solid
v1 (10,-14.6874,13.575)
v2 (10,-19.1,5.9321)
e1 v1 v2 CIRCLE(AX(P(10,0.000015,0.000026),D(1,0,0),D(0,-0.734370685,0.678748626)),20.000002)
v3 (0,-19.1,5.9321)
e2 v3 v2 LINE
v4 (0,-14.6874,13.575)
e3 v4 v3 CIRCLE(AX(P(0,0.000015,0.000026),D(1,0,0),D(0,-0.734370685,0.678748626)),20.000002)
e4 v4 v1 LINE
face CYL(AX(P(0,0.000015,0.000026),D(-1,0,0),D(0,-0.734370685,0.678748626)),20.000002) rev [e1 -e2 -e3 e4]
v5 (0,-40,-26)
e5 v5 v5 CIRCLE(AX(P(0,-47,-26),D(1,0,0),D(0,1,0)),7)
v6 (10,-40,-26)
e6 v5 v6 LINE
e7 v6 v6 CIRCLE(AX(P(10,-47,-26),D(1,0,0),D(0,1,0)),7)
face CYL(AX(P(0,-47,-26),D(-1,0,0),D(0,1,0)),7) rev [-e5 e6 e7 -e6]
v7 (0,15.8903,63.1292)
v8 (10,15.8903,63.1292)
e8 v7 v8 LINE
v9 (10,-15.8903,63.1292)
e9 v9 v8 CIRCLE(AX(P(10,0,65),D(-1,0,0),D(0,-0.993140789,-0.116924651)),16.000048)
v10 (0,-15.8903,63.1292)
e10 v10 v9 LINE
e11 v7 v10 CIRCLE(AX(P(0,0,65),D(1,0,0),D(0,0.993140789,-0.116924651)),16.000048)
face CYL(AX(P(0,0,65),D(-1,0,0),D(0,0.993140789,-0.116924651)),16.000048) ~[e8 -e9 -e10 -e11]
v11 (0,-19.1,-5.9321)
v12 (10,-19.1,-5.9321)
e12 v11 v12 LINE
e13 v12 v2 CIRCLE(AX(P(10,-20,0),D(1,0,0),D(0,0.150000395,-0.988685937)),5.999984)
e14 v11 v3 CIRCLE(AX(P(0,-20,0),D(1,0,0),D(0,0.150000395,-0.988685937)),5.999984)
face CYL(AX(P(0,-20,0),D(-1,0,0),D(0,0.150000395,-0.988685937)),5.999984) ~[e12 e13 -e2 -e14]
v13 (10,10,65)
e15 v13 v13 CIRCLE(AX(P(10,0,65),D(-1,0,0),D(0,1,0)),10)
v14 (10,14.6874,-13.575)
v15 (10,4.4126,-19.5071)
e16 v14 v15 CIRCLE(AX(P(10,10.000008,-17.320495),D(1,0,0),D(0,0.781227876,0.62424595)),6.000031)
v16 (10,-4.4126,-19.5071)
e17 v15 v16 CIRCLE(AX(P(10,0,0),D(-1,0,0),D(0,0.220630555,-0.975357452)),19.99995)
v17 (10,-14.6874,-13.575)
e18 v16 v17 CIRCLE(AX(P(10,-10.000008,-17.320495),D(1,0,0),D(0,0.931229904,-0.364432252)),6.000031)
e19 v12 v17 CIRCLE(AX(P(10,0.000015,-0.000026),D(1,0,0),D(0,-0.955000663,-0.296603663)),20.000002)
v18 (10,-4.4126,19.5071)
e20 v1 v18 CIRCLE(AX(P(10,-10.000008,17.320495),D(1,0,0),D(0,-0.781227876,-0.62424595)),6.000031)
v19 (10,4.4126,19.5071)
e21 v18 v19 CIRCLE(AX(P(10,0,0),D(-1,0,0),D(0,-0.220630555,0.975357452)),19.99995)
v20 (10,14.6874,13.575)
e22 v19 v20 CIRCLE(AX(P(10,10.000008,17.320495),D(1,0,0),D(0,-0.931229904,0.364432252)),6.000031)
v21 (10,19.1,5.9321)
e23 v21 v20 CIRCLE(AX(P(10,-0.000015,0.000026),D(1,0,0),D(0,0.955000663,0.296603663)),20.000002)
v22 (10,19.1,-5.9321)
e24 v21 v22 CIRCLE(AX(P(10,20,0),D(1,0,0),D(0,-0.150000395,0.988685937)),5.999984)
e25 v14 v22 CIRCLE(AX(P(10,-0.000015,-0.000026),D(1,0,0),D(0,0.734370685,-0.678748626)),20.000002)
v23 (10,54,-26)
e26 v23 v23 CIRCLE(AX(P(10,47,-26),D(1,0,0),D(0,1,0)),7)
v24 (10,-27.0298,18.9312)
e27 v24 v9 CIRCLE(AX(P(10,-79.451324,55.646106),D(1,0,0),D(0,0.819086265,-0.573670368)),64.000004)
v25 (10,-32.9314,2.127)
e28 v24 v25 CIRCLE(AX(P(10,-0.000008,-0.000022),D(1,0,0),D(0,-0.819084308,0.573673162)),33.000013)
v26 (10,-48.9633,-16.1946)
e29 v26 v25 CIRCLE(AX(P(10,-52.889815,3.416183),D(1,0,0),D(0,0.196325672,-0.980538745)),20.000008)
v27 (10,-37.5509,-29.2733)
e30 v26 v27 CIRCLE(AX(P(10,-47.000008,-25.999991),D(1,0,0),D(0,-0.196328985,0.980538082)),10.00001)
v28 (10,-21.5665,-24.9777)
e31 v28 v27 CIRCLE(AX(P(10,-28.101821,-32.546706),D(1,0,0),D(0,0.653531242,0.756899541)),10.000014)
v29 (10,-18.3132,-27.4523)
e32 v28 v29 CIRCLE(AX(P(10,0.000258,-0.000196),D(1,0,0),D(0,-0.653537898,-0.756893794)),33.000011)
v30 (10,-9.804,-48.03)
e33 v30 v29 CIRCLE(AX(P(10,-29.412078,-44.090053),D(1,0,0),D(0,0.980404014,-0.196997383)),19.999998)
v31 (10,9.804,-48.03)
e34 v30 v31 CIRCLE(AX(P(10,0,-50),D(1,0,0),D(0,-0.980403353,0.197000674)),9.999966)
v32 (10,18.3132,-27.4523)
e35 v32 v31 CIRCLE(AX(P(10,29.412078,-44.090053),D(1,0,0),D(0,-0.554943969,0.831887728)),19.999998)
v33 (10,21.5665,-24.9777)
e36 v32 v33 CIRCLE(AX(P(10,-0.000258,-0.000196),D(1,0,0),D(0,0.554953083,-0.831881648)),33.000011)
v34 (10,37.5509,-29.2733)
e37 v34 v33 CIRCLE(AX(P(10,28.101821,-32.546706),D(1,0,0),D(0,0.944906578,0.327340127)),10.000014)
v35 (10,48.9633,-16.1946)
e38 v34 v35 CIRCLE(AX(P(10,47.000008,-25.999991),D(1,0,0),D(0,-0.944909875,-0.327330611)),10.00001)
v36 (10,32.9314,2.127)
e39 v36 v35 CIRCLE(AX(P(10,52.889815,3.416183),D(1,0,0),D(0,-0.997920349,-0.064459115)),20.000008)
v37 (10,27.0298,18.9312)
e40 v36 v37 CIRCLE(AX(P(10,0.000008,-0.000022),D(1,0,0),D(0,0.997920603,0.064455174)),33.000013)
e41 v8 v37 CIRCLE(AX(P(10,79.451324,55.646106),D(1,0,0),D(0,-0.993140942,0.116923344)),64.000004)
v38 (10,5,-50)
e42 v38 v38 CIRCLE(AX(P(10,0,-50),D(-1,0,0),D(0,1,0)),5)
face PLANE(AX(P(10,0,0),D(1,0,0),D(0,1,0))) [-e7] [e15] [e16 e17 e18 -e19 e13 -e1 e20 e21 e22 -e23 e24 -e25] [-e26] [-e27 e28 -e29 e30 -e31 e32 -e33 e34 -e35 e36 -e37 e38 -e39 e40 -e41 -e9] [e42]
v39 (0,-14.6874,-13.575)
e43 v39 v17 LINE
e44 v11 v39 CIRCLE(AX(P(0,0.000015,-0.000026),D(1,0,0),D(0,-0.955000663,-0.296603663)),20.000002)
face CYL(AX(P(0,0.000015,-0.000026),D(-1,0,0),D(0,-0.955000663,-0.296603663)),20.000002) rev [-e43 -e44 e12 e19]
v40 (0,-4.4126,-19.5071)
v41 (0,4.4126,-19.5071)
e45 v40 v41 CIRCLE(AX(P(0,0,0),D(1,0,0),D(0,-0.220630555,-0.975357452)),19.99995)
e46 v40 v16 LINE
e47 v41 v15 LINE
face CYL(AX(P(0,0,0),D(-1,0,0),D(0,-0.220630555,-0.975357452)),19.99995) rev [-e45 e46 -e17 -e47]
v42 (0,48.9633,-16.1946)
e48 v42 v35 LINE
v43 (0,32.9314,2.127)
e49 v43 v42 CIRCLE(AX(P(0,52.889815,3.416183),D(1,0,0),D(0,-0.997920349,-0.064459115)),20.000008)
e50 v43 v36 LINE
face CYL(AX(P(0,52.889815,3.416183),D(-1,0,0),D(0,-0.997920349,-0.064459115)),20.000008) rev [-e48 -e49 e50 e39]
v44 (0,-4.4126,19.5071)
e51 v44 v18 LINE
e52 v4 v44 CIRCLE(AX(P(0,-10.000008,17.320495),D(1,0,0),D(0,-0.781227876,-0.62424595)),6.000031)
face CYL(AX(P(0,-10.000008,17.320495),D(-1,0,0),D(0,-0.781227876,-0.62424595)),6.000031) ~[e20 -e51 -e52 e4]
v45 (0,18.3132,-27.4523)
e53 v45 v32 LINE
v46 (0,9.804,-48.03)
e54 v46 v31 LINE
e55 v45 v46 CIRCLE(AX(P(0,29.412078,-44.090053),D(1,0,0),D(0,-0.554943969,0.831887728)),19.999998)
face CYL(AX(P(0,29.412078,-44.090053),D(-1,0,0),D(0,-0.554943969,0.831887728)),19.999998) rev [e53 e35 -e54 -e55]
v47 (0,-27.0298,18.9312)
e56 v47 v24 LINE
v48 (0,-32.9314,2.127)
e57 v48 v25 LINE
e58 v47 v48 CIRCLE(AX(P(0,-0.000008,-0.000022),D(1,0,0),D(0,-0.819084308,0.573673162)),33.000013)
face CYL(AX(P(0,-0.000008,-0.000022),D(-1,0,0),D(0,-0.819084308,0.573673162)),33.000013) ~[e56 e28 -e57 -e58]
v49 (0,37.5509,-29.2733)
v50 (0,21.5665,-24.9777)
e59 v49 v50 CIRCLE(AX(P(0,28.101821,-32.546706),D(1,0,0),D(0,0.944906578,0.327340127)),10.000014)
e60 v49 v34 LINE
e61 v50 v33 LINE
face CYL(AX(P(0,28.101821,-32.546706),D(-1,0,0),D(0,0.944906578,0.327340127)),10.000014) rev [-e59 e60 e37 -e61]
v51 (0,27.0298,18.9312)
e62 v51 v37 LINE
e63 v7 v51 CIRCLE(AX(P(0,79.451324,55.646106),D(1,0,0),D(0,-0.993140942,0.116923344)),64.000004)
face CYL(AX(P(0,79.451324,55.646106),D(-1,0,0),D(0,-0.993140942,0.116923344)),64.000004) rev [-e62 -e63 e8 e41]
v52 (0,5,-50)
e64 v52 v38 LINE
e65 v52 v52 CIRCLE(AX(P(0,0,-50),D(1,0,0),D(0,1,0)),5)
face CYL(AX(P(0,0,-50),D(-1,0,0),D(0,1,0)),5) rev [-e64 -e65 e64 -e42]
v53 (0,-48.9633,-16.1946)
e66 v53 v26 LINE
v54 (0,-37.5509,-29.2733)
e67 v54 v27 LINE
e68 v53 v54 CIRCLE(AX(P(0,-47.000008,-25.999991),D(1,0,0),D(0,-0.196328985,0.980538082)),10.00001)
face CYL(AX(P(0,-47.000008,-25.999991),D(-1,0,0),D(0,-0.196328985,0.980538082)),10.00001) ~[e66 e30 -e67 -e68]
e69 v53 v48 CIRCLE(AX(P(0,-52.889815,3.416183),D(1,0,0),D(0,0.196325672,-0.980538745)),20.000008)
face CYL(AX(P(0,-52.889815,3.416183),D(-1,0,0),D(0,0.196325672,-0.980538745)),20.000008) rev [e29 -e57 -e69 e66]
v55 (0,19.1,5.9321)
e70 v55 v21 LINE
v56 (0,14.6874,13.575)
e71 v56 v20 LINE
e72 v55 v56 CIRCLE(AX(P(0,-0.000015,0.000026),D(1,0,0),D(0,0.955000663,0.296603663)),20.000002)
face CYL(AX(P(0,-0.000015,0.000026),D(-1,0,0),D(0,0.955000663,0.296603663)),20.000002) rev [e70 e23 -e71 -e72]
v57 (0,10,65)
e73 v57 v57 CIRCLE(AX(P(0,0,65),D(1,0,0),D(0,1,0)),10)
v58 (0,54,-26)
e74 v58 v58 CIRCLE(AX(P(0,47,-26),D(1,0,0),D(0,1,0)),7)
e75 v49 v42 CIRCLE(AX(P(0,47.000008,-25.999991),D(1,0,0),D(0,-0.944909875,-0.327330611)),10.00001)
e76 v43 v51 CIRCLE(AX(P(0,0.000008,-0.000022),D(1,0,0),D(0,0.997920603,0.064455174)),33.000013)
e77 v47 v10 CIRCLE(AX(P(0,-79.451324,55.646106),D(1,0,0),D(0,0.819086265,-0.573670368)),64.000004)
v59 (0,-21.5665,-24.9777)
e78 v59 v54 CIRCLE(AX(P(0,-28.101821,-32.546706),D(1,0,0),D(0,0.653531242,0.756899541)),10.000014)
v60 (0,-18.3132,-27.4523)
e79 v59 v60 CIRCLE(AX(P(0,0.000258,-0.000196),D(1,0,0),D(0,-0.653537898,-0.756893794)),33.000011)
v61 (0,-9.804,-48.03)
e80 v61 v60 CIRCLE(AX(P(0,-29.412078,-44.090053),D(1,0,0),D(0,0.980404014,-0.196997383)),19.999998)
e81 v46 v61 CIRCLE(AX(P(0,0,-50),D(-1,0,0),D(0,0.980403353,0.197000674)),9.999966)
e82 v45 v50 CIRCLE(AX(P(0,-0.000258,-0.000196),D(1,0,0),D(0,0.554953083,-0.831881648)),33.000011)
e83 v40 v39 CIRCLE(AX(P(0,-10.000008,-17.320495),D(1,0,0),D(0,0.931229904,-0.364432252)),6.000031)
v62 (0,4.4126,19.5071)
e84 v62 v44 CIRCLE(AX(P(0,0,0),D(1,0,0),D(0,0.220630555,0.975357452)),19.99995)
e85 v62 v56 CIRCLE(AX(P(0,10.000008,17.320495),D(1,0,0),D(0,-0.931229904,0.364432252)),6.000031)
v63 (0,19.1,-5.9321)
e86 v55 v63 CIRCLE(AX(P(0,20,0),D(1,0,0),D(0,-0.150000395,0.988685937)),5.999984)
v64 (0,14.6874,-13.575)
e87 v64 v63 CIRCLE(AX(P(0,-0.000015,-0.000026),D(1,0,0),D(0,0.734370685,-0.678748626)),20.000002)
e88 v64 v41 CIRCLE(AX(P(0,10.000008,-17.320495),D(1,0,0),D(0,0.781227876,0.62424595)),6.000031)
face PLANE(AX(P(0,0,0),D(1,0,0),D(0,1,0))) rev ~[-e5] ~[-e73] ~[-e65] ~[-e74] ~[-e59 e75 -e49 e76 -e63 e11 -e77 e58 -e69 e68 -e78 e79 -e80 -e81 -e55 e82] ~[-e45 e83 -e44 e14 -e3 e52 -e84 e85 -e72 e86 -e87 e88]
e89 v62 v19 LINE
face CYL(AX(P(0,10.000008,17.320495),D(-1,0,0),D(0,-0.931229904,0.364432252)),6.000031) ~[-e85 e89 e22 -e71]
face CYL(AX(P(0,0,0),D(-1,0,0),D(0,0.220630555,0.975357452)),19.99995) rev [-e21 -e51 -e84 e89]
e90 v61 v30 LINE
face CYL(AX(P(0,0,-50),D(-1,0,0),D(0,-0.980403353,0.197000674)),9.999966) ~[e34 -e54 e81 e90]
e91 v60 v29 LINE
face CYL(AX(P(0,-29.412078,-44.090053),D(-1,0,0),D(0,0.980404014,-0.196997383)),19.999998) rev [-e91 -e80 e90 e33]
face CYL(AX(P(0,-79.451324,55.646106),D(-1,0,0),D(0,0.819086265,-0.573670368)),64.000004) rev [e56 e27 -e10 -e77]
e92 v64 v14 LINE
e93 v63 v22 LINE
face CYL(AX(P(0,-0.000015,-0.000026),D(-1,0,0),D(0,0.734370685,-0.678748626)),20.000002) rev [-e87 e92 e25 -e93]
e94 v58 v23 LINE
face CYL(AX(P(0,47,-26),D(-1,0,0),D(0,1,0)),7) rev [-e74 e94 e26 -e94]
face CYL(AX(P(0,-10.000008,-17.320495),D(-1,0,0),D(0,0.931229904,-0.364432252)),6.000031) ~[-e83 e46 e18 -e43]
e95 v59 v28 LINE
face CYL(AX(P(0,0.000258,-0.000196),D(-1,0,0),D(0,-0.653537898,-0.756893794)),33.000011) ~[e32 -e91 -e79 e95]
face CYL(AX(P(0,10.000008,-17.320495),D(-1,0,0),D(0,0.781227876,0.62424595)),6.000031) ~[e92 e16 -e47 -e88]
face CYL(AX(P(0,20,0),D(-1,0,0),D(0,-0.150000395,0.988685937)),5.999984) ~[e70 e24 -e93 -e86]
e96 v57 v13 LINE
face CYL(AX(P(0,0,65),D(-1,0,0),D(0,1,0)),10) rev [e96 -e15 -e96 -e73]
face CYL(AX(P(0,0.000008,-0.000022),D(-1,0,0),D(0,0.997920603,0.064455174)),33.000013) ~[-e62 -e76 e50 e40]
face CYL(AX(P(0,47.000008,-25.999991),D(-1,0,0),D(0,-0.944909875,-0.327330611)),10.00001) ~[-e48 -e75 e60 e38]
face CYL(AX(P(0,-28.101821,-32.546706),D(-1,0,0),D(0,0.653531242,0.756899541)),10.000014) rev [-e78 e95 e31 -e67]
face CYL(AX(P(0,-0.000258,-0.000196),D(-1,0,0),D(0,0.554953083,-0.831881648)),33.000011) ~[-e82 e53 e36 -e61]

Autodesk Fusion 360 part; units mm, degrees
sketch "Sketch1" plane through (0, 0, 0) normal (1, 0, 0) x (0, 1, 0)
  line L0 (0, 90) -> (0, -120)
  circle A0 centre (0, 65) radius 10
  circle A1 centre (-47, -26) radius 7
  circle A2 centre (0, -50) radius 5
  arc A3 (-27.0298, 18.9312) -> (-15.8903, 63.1292) centre (-79.4513, 55.6462) ccw
  arc A4 (-48.9633, -16.1946) -> (-32.9314, 2.127) centre (-52.8898, 3.4162) ccw
  arc A5 (-21.5665, -24.9777) -> (-37.5509, -29.2733) centre (-28.1018, -32.5467) ccw
  arc A6 (-9.804, -48.03) -> (-18.3132, -27.4523) centre (-29.4121, -44.09) ccw
  circle A7 centre (0, 65) radius 10
  arc A8 (15.8903, 63.1292) -> (27.0298, 18.9312) centre (79.4513, 55.6462) ccw
  arc A9 (32.9314, 2.127) -> (48.9633, -16.1946) centre (52.8898, 3.4162) ccw
  circle A10 centre (47, -26) radius 7
  arc A11 (18.3132, -27.4523) -> (9.804, -48.03) centre (29.4121, -44.09) ccw
  arc A12 (37.5509, -29.2733) -> (21.5665, -24.9777) centre (28.1018, -32.5467) ccw
  circle A13 centre (0, -50) radius 5
  arc A14 (15.8903, 63.1292) -> (-15.8903, 63.1292) centre (0, 65) ccw
  arc A15 (15.8903, 63.1292) -> (-15.8903, 63.1292) centre (0, 65) ccw
  arc A16 (-27.0298, 18.9312) -> (-32.9314, 2.127) centre (0, 0) ccw
  arc A17 (-27.0298, 18.9312) -> (-32.9314, 2.127) centre (0, 0) ccw
  arc A18 (-21.5665, -24.9777) -> (-18.3132, -27.4523) centre (0, 0) ccw
  arc A19 (-21.5665, -24.9777) -> (-18.3132, -27.4523) centre (0, 0) ccw
  arc A20 (18.3132, -27.4523) -> (21.5665, -24.9777) centre (0, 0) ccw
  arc A21 (32.9314, 2.127) -> (27.0298, 18.9312) centre (0, 0) ccw
  arc A22 (18.3132, -27.4523) -> (21.5665, -24.9777) centre (0, 0) ccw
  arc A23 (32.9314, 2.127) -> (27.0298, 18.9312) centre (0, 0) ccw
  arc A24 (-48.9633, -16.1946) -> (-37.5509, -29.2733) centre (-47, -26) ccw
  arc A25 (-9.804, -48.03) -> (9.804, -48.03) centre (0, -50) ccw
  arc A26 (-9.804, -48.03) -> (9.804, -48.03) centre (0, -50) ccw
  arc A27 (37.5509, -29.2733) -> (48.9633, -16.1946) centre (47, -26) ccw
  arc A28 (-19.1, -5.9321) -> (-19.1, 5.9321) centre (-20, 0) ccw
  arc A29 (-4.4126, -19.5071) -> (-14.6874, -13.575) centre (-10, -17.3205) ccw
  arc A30 (14.6874, -13.575) -> (4.4126, -19.5071) centre (10, -17.3205) ccw
  arc A31 (19.1, 5.9321) -> (19.1, -5.9321) centre (20, 0) ccw
  arc A32 (4.4126, 19.5071) -> (14.6874, 13.575) centre (10, 17.3205) ccw
  arc A33 (-14.6874, 13.575) -> (-4.4126, 19.5071) centre (-10, 17.3205) ccw
  arc A34 (-14.6874, 13.575) -> (-19.1, 5.9321) centre (0, 0) ccw
  arc A35 (-14.6874, 13.575) -> (-19.1, 5.9321) centre (0, 0) ccw
  arc A36 (4.4126, 19.5071) -> (-4.4126, 19.5071) centre (0, 0) ccw
  arc A37 (4.4126, 19.5071) -> (-4.4126, 19.5071) centre (0, 0) ccw
  arc A38 (19.1, 5.9321) -> (14.6874, 13.575) centre (0, 0) ccw
  arc A39 (19.1, 5.9321) -> (14.6874, 13.575) centre (0, 0) ccw
  arc A40 (14.6874, -13.575) -> (19.1, -5.9321) centre (0, 0) ccw
  arc A41 (14.6874, -13.575) -> (19.1, -5.9321) centre (0, 0) ccw
  arc A42 (-19.1, -5.9321) -> (-14.6874, -13.575) centre (0, 0) ccw
  arc A43 (-4.4126, -19.5071) -> (4.4126, -19.5071) centre (0, 0) ccw
  arc A44 (-19.1, -5.9321) -> (-14.6874, -13.575) centre (0, 0) ccw
  arc A45 (-4.4126, -19.5071) -> (4.4126, -19.5071) centre (0, 0) ccw
  dimension "d8" = 65
  dimension "d9" = 26
  dimension "d10" = 24
  dimension "d11" = 47
  dimension "d12" = 64
  dimension "d13" = 20
  dimension "d14" = 10
  dimension "d15" = 20
  dimension "d18" = 360
  dimension "d21" = 6
extrude "Extrude1" add sketch "Sketch1" along normal blind 10 contours L0 A0 A2 A7 A8 A9 A11 A12 A13 A14 A15 A20 A21 A22 A23 A25 A26 A27 A30 A31 A32 A36 A37 A38 A39 A40 A41 A43 A45 | L0 A0 A2 A3 A4 A5 A6 A7 A13 A14 A15 A16 A17 A18 A19 A24 A25 A26 A28 A29 A33 A34 A35 A36 A37 A42 A43 A44 A45
